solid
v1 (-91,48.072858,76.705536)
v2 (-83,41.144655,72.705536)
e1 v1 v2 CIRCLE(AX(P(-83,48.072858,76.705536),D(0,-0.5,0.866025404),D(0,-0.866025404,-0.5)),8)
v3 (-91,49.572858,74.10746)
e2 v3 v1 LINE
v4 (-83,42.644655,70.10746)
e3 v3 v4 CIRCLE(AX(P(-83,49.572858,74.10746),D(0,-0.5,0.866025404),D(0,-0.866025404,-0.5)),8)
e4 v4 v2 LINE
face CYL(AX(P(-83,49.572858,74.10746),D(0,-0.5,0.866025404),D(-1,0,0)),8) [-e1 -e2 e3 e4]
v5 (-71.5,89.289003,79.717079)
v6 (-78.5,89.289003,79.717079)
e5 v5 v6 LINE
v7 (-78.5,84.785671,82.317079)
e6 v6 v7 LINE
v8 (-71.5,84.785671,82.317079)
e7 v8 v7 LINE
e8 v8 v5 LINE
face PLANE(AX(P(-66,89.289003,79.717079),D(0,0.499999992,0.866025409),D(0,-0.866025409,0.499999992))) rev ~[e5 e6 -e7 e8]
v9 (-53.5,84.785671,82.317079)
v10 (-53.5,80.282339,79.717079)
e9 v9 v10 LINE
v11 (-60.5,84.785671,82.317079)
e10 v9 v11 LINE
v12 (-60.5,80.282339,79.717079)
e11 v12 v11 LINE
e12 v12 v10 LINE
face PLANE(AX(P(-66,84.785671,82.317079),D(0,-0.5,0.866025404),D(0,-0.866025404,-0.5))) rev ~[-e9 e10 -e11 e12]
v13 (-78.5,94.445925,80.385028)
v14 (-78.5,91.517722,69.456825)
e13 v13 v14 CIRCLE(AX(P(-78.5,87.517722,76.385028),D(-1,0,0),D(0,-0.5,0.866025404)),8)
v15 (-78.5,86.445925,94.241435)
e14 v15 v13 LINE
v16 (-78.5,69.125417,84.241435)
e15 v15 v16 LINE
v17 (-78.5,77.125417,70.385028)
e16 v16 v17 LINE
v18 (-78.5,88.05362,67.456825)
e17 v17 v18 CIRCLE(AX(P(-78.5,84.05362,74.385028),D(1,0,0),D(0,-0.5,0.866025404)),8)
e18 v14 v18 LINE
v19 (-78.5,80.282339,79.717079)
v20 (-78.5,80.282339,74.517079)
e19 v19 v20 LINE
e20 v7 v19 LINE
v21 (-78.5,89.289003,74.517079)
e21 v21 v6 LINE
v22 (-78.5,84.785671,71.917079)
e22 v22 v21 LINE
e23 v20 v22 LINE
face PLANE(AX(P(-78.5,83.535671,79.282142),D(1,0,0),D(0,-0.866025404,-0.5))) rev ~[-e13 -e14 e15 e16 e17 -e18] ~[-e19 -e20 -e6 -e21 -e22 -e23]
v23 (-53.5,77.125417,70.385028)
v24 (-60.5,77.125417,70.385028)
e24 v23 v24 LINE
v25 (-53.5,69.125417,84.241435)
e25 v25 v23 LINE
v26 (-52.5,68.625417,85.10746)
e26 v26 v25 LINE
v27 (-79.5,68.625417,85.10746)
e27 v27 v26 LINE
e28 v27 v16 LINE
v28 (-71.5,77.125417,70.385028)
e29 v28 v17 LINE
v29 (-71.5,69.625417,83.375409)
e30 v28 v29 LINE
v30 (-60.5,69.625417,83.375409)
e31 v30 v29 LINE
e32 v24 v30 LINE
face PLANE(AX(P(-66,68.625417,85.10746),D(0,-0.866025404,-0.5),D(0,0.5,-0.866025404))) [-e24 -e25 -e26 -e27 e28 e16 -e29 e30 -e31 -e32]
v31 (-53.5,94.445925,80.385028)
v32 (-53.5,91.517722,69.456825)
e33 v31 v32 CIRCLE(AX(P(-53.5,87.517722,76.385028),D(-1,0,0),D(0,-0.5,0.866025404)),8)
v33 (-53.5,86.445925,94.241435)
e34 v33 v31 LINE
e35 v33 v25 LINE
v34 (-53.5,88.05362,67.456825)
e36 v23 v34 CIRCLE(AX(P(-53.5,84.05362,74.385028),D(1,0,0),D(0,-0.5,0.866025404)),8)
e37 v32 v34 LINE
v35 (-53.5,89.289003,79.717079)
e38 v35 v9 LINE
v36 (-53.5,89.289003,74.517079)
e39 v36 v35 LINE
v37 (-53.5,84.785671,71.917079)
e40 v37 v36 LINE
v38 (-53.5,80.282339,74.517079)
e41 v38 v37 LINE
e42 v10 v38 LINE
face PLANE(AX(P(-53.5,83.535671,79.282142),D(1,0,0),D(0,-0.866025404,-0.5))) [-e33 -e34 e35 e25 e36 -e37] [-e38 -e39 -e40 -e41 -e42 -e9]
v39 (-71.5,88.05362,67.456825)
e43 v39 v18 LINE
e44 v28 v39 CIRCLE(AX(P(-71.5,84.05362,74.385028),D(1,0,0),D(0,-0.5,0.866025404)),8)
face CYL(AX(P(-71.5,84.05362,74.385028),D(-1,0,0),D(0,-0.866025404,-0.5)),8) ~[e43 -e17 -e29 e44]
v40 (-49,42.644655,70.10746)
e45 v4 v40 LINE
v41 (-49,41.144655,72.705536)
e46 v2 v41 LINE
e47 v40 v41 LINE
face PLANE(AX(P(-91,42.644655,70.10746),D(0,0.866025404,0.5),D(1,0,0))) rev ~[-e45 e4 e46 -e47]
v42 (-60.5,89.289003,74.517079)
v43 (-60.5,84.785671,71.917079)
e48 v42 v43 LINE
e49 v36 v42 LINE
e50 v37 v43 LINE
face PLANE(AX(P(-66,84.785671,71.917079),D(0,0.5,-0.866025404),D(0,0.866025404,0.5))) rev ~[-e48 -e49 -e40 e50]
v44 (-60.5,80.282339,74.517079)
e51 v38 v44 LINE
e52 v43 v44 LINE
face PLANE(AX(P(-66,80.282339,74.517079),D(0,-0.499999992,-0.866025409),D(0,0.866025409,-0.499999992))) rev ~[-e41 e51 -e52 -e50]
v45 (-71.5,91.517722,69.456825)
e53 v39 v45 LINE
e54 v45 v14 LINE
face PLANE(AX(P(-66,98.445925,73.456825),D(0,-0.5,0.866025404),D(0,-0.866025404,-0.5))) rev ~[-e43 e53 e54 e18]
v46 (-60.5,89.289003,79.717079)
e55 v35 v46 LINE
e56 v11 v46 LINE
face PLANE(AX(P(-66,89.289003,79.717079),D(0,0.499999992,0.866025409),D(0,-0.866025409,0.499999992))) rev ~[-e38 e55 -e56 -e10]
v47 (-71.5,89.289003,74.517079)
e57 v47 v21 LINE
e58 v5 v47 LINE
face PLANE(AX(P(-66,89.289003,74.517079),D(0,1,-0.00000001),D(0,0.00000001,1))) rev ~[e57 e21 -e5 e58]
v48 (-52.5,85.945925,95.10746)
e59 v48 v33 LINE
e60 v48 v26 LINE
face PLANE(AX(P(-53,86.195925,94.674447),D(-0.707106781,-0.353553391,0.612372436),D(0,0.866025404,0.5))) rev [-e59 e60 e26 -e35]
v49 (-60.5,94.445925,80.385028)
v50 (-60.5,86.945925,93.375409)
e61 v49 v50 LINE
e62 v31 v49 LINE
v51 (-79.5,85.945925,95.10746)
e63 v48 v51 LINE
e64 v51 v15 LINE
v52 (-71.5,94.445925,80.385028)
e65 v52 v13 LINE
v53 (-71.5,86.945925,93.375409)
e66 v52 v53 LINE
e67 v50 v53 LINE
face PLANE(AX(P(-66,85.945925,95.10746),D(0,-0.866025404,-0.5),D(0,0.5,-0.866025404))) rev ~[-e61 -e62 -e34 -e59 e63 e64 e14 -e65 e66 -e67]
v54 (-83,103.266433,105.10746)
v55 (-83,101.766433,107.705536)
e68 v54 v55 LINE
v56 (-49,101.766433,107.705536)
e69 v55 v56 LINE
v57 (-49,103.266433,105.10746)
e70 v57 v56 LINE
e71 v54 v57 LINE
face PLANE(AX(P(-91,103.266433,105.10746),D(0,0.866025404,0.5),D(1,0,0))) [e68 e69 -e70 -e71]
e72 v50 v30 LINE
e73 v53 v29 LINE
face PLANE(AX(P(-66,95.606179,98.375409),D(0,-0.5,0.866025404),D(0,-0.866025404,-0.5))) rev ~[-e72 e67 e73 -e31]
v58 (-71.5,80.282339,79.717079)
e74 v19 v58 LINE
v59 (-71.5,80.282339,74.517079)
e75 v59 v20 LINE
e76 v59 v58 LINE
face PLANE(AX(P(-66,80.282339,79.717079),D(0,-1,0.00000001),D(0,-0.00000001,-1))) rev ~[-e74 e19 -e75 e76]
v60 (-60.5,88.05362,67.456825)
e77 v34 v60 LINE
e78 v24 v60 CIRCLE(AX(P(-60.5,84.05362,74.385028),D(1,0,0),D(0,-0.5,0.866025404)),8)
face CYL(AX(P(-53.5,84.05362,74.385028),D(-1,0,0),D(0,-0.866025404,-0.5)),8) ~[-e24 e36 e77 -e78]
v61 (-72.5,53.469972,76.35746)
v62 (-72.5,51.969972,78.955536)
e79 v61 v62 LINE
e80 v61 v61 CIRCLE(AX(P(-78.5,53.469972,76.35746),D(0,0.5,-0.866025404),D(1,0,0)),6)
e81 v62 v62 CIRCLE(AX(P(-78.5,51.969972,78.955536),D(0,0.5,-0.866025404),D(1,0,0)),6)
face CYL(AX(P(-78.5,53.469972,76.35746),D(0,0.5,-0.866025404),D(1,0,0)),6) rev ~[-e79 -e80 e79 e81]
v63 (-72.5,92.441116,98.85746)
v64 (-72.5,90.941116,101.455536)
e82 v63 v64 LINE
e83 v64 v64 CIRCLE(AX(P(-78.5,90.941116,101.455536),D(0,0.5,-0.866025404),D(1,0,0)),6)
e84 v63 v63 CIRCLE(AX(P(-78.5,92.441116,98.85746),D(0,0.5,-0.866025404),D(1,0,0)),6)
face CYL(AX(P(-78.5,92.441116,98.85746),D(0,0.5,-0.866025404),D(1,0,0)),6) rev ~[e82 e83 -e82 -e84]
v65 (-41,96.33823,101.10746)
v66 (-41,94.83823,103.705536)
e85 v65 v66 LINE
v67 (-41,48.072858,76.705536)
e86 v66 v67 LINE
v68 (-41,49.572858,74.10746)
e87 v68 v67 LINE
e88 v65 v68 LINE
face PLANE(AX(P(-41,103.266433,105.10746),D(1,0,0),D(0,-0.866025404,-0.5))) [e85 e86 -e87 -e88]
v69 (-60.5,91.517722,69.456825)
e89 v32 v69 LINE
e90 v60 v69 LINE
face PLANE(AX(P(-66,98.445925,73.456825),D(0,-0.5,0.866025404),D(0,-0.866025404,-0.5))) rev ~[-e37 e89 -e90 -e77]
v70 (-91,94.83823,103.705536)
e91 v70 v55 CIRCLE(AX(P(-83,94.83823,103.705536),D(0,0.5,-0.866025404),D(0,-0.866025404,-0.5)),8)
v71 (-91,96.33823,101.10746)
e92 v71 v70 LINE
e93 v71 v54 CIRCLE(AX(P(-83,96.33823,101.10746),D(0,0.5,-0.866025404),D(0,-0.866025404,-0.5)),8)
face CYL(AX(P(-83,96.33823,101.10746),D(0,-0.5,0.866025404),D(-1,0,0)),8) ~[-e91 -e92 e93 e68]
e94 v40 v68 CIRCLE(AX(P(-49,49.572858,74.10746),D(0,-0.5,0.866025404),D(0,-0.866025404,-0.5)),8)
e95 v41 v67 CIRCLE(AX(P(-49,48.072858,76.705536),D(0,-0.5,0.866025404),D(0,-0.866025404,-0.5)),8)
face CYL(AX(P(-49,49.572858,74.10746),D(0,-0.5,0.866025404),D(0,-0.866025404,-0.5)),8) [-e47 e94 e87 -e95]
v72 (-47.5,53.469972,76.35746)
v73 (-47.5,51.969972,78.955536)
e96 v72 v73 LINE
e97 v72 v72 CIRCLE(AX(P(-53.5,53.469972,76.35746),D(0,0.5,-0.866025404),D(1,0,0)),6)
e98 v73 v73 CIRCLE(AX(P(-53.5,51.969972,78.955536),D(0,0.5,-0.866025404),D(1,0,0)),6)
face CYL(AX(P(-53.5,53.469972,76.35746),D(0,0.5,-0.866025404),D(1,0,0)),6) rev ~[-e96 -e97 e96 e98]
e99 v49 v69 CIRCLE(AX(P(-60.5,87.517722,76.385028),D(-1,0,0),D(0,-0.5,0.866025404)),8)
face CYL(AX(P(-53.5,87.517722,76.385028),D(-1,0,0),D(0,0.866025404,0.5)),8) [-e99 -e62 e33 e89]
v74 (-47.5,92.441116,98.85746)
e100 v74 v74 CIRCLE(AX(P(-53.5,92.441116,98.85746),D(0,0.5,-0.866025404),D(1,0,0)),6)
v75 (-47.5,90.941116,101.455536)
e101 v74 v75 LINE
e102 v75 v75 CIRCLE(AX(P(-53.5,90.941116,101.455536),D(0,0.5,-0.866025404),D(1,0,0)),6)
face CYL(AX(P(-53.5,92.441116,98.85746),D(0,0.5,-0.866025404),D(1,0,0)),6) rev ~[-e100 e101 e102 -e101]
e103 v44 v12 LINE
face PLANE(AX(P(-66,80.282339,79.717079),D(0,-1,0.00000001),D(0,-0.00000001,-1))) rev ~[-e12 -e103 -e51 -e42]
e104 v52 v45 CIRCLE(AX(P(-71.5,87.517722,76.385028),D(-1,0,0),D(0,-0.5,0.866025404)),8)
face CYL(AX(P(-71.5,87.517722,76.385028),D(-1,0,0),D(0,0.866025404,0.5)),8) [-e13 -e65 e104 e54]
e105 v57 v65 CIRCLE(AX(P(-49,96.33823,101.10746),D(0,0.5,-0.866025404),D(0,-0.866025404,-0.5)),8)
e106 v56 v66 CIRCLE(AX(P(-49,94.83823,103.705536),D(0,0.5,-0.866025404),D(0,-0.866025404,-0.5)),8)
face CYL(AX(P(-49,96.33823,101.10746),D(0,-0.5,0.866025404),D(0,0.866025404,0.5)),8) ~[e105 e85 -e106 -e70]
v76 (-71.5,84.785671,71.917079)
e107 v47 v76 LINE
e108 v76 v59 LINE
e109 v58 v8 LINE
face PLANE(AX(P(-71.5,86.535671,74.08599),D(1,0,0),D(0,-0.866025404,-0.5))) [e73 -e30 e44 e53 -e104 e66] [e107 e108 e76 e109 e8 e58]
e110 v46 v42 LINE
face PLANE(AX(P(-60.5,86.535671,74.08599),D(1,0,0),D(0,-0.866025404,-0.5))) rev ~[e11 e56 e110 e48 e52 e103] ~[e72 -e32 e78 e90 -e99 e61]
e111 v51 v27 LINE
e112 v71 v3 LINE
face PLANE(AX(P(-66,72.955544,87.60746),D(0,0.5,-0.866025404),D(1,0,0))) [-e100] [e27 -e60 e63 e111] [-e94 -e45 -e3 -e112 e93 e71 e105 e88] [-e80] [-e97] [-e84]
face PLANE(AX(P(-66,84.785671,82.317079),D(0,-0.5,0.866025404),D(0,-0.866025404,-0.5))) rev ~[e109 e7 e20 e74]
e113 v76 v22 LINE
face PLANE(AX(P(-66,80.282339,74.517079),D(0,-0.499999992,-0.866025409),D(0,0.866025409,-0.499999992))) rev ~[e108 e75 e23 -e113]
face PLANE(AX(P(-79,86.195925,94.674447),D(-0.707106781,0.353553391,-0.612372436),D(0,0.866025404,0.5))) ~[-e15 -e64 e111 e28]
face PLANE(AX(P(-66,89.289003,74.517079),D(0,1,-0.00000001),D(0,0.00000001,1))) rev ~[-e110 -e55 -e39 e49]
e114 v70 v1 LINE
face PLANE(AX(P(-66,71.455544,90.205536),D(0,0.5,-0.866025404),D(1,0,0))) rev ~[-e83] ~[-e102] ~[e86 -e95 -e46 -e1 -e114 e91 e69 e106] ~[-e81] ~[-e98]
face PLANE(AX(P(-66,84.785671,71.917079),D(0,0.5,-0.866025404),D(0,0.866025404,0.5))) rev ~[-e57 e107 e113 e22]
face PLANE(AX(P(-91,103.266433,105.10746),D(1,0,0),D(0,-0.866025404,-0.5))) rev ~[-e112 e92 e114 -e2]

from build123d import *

# Parameters (mm, degrees)
SKETCH069_W             = 50
SKETCH069_H             = 70
SKETCH069_R             = 6
PAD033_DEPTH            = 3
SKETCH068_W             = 20
SKETCH068_H             = 25
PAD034_DEPTH            = 12.5
SKETCH067_W             = 40
SKETCH067_H             = 33
POCKET027_DEPTH         = 5.5
FILLET_R                = 8
CHAMFER001_SIZE         = 1
BODY014_PLACEMENT_ANGLE = 210


with BuildPart() as part:
    # Sketch069 → Pad033 (new body)
    with BuildSketch(Plane.XY):
        with Locations((0, 5)):
            Rectangle(SKETCH069_W, SKETCH069_H)
        with Locations((-12.5, 27.5)):
            Circle(SKETCH069_R, mode=Mode.SUBTRACT)
        with Locations((12.5, 27.5)):
            Circle(SKETCH069_R, mode=Mode.SUBTRACT)
        with Locations((-12.5, -17.5)):
            Circle(SKETCH069_R, mode=Mode.SUBTRACT)
        with Locations((12.5, -17.5)):
            Circle(SKETCH069_R, mode=Mode.SUBTRACT)
    extrude(amount=-PAD033_DEPTH)

    # Sketch068 → Pad034 (join, symmetric)
    with BuildSketch(Plane.YZ):
        with Locations((0, 12.5)):
            Rectangle(SKETCH068_W, SKETCH068_H)
        Polygon((2.6, 10.496668), (5.2, 15), (2.6, 19.503332), (-2.6, 19.503332), (-5.2, 15), (-2.6, 10.496668), align=None, mode=Mode.SUBTRACT)
    extrude(amount=PAD034_DEPTH, both=True)

    # Sketch067 → Pocket027 (cut, symmetric)
    with BuildSketch(Plane.YZ):
        with Locations((0, 18.5)):
            Rectangle(SKETCH067_W, SKETCH067_H)
    extrude(amount=POCKET027_DEPTH, both=True, mode=Mode.SUBTRACT)

    # Fillet
    fillet_edges = [part.edges().sort_by_distance(p)[0] for p in [
        (-25, -30, -1.5),
        (-25, 40, -1.5),
        (25, 40, -1.5),
        (25, -30, -1.5),
        (-9, 10, 25),
        (9, 10, 25),
        (-9, -10, 25),
        (9, -10, 25),
    ]]
    fillet(fillet_edges, radius=FILLET_R)

    # Chamfer001
    chamfer001_edges = [part.edges().sort_by_distance(p)[0] for p in [
        (12.5, 0, 0),
        (-12.5, 0, 0),
    ]]
    chamfer(chamfer001_edges, length=CHAMFER001_SIZE)


with BuildPart() as part_1:
    # Body014 placement: moved
    add(part.part.moved(Location((-66, 77.285671, 90.10746))).rotate(Axis((-66, 77.285671, 90.10746), (1, 0, 0)), BODY014_PLACEMENT_ANGLE))


solid = part_1.part
